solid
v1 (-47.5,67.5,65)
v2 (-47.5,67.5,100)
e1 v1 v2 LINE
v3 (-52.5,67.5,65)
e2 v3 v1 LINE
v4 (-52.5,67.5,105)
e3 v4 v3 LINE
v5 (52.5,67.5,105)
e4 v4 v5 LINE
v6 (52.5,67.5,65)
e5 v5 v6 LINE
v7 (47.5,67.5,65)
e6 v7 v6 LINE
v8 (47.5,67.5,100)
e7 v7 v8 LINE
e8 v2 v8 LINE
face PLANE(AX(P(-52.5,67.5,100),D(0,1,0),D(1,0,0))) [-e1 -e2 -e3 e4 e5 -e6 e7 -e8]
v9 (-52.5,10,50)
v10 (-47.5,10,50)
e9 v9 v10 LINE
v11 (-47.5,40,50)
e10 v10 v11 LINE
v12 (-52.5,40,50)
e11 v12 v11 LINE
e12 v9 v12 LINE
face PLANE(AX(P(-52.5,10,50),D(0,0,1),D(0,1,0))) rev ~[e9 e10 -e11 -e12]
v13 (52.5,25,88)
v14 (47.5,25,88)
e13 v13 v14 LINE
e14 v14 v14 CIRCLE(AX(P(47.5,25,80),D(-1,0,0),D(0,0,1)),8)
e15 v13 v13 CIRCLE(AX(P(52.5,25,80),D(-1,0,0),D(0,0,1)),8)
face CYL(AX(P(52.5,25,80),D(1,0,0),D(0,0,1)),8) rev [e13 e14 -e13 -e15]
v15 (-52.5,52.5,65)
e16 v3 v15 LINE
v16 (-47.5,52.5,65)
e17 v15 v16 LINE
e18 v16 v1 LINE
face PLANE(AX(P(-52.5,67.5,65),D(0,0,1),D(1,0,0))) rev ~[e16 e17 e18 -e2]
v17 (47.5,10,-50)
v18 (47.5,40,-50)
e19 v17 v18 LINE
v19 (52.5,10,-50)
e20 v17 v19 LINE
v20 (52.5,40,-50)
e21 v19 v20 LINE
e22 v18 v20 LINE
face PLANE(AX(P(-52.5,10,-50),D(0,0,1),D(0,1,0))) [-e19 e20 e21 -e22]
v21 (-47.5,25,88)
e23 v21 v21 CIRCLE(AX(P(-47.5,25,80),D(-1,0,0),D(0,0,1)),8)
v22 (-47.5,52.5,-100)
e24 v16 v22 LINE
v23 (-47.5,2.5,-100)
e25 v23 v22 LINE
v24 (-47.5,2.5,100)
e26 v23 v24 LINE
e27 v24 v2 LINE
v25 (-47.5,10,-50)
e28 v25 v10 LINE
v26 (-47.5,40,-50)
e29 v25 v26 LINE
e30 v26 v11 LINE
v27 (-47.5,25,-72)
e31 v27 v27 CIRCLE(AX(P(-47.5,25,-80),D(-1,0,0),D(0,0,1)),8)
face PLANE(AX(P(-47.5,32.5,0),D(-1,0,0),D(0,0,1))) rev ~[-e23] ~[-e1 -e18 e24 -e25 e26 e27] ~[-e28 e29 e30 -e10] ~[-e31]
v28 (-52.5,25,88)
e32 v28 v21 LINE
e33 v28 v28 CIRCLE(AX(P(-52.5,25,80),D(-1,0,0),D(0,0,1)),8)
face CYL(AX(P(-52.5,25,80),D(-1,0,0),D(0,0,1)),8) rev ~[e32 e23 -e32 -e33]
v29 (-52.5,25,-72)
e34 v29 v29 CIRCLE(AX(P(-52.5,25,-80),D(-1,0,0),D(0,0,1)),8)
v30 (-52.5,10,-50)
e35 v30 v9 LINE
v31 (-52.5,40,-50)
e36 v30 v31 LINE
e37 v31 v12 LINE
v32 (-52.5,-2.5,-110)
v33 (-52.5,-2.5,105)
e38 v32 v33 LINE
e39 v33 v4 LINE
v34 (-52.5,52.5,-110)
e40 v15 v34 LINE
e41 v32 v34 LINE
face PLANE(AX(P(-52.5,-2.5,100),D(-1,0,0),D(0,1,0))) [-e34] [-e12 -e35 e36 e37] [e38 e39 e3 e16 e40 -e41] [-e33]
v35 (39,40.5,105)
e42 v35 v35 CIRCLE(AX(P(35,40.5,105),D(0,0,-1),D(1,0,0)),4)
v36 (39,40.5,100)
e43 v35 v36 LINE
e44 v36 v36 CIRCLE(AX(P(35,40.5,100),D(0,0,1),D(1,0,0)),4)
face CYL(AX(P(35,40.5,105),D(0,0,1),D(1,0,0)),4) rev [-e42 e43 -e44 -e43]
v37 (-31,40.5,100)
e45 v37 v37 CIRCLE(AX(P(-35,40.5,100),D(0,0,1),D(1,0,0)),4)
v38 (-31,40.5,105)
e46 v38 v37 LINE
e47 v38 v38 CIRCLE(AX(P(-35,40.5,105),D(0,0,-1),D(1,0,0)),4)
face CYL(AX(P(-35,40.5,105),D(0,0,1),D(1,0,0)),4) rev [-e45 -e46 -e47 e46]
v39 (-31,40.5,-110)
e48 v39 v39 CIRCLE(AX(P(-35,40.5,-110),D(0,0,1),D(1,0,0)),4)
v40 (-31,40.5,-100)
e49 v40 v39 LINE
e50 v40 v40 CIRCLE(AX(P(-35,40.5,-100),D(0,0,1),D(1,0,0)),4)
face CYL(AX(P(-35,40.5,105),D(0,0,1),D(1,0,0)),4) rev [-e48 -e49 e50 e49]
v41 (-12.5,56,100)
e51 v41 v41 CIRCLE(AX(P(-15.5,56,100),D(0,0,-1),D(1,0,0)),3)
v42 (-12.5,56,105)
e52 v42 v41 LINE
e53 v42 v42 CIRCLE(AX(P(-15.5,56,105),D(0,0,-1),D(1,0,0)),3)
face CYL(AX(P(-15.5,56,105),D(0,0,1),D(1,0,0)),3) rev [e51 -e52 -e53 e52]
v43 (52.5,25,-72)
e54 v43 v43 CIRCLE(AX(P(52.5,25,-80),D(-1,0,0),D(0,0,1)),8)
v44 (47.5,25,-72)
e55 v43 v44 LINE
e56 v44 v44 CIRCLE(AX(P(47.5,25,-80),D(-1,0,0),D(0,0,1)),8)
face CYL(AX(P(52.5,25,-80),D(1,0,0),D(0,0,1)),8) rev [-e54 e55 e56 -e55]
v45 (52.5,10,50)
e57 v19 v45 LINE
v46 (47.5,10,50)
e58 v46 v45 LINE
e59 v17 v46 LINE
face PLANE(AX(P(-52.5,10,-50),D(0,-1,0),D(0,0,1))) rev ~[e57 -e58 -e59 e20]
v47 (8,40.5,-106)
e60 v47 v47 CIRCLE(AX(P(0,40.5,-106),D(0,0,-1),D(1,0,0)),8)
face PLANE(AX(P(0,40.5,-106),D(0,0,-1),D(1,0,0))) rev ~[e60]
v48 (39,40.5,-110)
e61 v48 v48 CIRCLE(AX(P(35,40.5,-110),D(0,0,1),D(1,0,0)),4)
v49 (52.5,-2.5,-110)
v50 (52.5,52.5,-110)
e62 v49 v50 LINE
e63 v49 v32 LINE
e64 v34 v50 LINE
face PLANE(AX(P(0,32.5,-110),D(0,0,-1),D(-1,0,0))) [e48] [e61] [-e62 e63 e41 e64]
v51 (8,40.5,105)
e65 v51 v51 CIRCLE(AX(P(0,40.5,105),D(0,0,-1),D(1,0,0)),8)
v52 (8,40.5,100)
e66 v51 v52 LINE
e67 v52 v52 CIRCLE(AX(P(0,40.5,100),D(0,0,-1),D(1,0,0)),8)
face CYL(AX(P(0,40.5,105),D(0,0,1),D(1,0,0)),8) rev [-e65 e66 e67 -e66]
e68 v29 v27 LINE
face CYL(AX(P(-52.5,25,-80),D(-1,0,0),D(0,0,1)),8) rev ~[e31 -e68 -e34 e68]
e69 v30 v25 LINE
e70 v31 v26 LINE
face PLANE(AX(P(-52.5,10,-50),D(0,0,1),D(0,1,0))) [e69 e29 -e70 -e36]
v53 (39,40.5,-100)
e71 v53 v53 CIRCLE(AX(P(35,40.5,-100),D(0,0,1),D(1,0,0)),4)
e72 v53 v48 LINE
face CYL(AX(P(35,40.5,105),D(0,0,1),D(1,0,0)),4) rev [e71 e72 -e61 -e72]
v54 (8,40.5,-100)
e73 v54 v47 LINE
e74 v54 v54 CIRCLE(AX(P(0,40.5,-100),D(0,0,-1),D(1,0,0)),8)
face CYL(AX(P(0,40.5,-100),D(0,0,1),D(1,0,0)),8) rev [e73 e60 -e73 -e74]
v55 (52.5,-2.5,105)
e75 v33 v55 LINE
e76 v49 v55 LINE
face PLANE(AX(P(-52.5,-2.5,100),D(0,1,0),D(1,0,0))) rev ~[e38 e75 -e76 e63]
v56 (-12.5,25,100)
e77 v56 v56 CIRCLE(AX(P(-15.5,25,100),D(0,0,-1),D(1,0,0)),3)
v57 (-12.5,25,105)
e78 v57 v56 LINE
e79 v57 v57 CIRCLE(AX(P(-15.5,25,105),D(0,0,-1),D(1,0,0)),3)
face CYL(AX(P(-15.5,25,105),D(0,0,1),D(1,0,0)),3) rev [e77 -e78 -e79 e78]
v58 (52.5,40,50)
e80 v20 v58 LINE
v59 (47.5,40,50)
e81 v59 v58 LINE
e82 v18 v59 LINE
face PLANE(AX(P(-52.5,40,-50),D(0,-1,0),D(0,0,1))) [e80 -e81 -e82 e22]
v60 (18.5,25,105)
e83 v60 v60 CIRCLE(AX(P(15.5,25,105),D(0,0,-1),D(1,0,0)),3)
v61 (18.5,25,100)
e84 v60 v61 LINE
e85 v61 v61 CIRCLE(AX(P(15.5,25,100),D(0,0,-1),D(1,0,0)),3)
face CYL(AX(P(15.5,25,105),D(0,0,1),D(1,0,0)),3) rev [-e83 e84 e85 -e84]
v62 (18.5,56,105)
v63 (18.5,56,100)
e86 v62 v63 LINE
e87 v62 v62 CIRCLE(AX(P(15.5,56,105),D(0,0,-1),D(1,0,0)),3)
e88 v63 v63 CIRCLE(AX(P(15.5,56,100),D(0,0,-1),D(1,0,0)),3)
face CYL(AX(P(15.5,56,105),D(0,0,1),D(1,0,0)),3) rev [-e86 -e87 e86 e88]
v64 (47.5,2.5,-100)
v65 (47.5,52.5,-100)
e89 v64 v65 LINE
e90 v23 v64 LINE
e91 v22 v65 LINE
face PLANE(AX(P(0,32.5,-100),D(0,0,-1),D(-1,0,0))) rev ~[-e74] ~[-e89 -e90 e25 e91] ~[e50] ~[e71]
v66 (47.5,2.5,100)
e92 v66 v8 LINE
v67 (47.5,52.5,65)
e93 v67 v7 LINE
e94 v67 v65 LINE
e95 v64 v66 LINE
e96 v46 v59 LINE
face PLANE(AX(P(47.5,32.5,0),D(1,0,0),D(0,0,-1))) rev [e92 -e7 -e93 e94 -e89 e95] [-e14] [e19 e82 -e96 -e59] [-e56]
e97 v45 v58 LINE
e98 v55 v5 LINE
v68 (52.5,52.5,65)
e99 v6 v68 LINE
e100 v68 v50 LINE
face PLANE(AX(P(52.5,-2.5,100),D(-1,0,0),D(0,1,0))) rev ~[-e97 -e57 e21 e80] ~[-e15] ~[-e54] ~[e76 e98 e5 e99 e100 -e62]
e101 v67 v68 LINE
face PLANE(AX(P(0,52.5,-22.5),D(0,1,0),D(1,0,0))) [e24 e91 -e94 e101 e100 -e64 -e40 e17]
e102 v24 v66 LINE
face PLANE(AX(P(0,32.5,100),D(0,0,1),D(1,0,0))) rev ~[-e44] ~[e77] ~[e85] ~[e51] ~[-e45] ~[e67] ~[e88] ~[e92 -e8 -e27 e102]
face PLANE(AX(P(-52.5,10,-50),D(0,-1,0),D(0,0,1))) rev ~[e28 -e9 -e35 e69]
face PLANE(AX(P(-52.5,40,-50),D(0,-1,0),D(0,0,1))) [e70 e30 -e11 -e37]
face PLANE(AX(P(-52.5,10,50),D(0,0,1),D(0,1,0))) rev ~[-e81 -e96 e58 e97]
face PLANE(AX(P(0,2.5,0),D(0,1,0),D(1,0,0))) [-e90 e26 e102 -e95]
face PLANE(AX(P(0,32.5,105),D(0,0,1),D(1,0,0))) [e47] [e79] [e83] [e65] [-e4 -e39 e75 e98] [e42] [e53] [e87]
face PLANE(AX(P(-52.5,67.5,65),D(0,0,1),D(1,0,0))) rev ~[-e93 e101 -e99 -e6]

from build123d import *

# Parameters (mm, degrees)
SKETCH1_W           = 100
SKETCH1_H           = 200
BOSS_EXTRUDE1_DEPTH = 2.5
SKETCH2_W           = 200
SKETCH2_H           = 70
BOSS_EXTRUDE2_DEPTH = 2.5
SKETCH3_R           = 8
CUT_EXTRUDE1_DEPTH  = 5
SKETCH4_W           = 105
SKETCH4_H           = 70
BOSS_EXTRUDE3_DEPTH = 10
SKETCH5_W           = 105
SKETCH5_H           = 70
BOSS_EXTRUDE4_DEPTH = 5
SKETCH6_W           = 100
SKETCH6_H           = 30
CUT_EXTRUDE2_DEPTH  = 167.37683132
SKETCH7_R           = 4
CUT_EXTRUDE5_DEPTH  = 232.381719243
SKETCH7_5_R         = 3
SKETCH7_5_R_2       = 8
CUT_EXTRUDE6_DEPTH  = 5
SKETCH8_R           = 8
CUT_EXTRUDE7_DEPTH  = 6
SKETCH9_W           = 105
SKETCH9_H           = 175
CUT_EXTRUDE8_DEPTH  = 15


with BuildPart() as part:
    # Sketch1 → Boss-Extrude1 (new, symmetric)
    with BuildSketch(Plane(origin=(0, 0, 0), x_dir=(1, 0, 0), z_dir=(0, 1, 0))):
        Rectangle(SKETCH1_W, SKETCH1_H)
    extrude(amount=BOSS_EXTRUDE1_DEPTH, both=True)

    # Sketch2 → Boss-Extrude2 (add, symmetric)
    with BuildSketch(Plane.ZY.offset(50)):
        with Locations((0, 32.5)):
            Rectangle(SKETCH2_W, SKETCH2_H)
    boss_extrude2 = extrude(amount=BOSS_EXTRUDE2_DEPTH, both=True)

    # Sketch3 → Cut-Extrude1 (cut)
    with BuildSketch(Plane.ZY.offset(52.5)):
        with Locations((-80, 25)):
            Circle(SKETCH3_R)
        with Locations((80, 25)):
            Circle(SKETCH3_R)
    cut_extrude1 = extrude(amount=-CUT_EXTRUDE1_DEPTH, mode=Mode.SUBTRACT)

    # Mirror1: Boss-Extrude2, Cut-Extrude1 across plane
    add(boss_extrude2.mirror(Plane(origin=(0, 0, 0), x_dir=(0, 0, 1), z_dir=(1, 0, 0))))
    add(cut_extrude1.mirror(Plane(origin=(0, 0, 0), x_dir=(0, 0, 1), z_dir=(1, 0, 0))), mode=Mode.SUBTRACT)

    # Sketch4 → Boss-Extrude3 (add)
    with BuildSketch(Plane(origin=(0, 0, -100), x_dir=(-1, 0, 0), z_dir=(0, 0, -1))):
        with Locations((0, 32.5)):
            Rectangle(SKETCH4_W, SKETCH4_H)
    extrude(amount=BOSS_EXTRUDE3_DEPTH)

    # Sketch5 → Boss-Extrude4 (add)
    with BuildSketch(Plane.XY.offset(100)):
        with Locations((0, 32.5)):
            Rectangle(SKETCH5_W, SKETCH5_H)
    extrude(amount=BOSS_EXTRUDE4_DEPTH)

    # Sketch6 → Cut-Extrude2 (cut, through all)
    with BuildSketch(Plane.ZY.offset(52.5)):
        with Locations((0, 25)):
            Rectangle(SKETCH6_W, SKETCH6_H)
    extrude(amount=-CUT_EXTRUDE2_DEPTH, mode=Mode.SUBTRACT)

    # Sketch7 → Cut-Extrude5 (cut, through all)
    with BuildSketch(Plane(origin=(0, 0, 105), x_dir=(-1, 0, 0), z_dir=(0, 0, -1))):
        with Locations(Location((35, 40.5, 0), (0, 0, 180))):
            Circle(SKETCH7_R)
        with Locations(Location((-35, 40.5, 0), (0, 0, 180))):
            Circle(SKETCH7_R)
    extrude(amount=CUT_EXTRUDE5_DEPTH, mode=Mode.SUBTRACT)

    # Sketch7<5> → Cut-Extrude6 (cut)
    with BuildSketch(Plane(origin=(0, 0, 105), x_dir=(-1, 0, 0), z_dir=(0, 0, -1))):
        with Locations(Location((15.5, 56, 0), (0, 0, 180))):
            Circle(SKETCH7_5_R)
        with Locations(Location((-15.5, 56, 0), (0, 0, 180))):
            Circle(SKETCH7_5_R)
        with Locations(Location((15.5, 25, 0), (0, 0, 180))):
            Circle(SKETCH7_5_R)
        with Locations(Location((-15.5, 25, 0), (0, 0, 180))):
            Circle(SKETCH7_5_R)
        with Locations(Location((0, 40.5, 0), (0, 0, 180))):
            Circle(SKETCH7_5_R_2)
    extrude(amount=CUT_EXTRUDE6_DEPTH, mode=Mode.SUBTRACT)

    # Sketch8 → Cut-Extrude7 (cut)
    with BuildSketch(Plane(origin=(0, 0, -100), x_dir=(-1, 0, 0), z_dir=(0, 0, -1))):
        with Locations(Location((0, 40.5, 0), (0, 0, 180))):
            Circle(SKETCH8_R)
    extrude(amount=CUT_EXTRUDE7_DEPTH, mode=Mode.SUBTRACT)

    # Sketch9 → Cut-Extrude8 (cut)
    with BuildSketch(Plane(origin=(0, 67.5, 0), x_dir=(1, 0, 0), z_dir=(0, 1, 0))):
        with Locations((0, 22.5)):
            Rectangle(SKETCH9_W, SKETCH9_H)
    extrude(amount=-CUT_EXTRUDE8_DEPTH, mode=Mode.SUBTRACT)


solid = part.part
